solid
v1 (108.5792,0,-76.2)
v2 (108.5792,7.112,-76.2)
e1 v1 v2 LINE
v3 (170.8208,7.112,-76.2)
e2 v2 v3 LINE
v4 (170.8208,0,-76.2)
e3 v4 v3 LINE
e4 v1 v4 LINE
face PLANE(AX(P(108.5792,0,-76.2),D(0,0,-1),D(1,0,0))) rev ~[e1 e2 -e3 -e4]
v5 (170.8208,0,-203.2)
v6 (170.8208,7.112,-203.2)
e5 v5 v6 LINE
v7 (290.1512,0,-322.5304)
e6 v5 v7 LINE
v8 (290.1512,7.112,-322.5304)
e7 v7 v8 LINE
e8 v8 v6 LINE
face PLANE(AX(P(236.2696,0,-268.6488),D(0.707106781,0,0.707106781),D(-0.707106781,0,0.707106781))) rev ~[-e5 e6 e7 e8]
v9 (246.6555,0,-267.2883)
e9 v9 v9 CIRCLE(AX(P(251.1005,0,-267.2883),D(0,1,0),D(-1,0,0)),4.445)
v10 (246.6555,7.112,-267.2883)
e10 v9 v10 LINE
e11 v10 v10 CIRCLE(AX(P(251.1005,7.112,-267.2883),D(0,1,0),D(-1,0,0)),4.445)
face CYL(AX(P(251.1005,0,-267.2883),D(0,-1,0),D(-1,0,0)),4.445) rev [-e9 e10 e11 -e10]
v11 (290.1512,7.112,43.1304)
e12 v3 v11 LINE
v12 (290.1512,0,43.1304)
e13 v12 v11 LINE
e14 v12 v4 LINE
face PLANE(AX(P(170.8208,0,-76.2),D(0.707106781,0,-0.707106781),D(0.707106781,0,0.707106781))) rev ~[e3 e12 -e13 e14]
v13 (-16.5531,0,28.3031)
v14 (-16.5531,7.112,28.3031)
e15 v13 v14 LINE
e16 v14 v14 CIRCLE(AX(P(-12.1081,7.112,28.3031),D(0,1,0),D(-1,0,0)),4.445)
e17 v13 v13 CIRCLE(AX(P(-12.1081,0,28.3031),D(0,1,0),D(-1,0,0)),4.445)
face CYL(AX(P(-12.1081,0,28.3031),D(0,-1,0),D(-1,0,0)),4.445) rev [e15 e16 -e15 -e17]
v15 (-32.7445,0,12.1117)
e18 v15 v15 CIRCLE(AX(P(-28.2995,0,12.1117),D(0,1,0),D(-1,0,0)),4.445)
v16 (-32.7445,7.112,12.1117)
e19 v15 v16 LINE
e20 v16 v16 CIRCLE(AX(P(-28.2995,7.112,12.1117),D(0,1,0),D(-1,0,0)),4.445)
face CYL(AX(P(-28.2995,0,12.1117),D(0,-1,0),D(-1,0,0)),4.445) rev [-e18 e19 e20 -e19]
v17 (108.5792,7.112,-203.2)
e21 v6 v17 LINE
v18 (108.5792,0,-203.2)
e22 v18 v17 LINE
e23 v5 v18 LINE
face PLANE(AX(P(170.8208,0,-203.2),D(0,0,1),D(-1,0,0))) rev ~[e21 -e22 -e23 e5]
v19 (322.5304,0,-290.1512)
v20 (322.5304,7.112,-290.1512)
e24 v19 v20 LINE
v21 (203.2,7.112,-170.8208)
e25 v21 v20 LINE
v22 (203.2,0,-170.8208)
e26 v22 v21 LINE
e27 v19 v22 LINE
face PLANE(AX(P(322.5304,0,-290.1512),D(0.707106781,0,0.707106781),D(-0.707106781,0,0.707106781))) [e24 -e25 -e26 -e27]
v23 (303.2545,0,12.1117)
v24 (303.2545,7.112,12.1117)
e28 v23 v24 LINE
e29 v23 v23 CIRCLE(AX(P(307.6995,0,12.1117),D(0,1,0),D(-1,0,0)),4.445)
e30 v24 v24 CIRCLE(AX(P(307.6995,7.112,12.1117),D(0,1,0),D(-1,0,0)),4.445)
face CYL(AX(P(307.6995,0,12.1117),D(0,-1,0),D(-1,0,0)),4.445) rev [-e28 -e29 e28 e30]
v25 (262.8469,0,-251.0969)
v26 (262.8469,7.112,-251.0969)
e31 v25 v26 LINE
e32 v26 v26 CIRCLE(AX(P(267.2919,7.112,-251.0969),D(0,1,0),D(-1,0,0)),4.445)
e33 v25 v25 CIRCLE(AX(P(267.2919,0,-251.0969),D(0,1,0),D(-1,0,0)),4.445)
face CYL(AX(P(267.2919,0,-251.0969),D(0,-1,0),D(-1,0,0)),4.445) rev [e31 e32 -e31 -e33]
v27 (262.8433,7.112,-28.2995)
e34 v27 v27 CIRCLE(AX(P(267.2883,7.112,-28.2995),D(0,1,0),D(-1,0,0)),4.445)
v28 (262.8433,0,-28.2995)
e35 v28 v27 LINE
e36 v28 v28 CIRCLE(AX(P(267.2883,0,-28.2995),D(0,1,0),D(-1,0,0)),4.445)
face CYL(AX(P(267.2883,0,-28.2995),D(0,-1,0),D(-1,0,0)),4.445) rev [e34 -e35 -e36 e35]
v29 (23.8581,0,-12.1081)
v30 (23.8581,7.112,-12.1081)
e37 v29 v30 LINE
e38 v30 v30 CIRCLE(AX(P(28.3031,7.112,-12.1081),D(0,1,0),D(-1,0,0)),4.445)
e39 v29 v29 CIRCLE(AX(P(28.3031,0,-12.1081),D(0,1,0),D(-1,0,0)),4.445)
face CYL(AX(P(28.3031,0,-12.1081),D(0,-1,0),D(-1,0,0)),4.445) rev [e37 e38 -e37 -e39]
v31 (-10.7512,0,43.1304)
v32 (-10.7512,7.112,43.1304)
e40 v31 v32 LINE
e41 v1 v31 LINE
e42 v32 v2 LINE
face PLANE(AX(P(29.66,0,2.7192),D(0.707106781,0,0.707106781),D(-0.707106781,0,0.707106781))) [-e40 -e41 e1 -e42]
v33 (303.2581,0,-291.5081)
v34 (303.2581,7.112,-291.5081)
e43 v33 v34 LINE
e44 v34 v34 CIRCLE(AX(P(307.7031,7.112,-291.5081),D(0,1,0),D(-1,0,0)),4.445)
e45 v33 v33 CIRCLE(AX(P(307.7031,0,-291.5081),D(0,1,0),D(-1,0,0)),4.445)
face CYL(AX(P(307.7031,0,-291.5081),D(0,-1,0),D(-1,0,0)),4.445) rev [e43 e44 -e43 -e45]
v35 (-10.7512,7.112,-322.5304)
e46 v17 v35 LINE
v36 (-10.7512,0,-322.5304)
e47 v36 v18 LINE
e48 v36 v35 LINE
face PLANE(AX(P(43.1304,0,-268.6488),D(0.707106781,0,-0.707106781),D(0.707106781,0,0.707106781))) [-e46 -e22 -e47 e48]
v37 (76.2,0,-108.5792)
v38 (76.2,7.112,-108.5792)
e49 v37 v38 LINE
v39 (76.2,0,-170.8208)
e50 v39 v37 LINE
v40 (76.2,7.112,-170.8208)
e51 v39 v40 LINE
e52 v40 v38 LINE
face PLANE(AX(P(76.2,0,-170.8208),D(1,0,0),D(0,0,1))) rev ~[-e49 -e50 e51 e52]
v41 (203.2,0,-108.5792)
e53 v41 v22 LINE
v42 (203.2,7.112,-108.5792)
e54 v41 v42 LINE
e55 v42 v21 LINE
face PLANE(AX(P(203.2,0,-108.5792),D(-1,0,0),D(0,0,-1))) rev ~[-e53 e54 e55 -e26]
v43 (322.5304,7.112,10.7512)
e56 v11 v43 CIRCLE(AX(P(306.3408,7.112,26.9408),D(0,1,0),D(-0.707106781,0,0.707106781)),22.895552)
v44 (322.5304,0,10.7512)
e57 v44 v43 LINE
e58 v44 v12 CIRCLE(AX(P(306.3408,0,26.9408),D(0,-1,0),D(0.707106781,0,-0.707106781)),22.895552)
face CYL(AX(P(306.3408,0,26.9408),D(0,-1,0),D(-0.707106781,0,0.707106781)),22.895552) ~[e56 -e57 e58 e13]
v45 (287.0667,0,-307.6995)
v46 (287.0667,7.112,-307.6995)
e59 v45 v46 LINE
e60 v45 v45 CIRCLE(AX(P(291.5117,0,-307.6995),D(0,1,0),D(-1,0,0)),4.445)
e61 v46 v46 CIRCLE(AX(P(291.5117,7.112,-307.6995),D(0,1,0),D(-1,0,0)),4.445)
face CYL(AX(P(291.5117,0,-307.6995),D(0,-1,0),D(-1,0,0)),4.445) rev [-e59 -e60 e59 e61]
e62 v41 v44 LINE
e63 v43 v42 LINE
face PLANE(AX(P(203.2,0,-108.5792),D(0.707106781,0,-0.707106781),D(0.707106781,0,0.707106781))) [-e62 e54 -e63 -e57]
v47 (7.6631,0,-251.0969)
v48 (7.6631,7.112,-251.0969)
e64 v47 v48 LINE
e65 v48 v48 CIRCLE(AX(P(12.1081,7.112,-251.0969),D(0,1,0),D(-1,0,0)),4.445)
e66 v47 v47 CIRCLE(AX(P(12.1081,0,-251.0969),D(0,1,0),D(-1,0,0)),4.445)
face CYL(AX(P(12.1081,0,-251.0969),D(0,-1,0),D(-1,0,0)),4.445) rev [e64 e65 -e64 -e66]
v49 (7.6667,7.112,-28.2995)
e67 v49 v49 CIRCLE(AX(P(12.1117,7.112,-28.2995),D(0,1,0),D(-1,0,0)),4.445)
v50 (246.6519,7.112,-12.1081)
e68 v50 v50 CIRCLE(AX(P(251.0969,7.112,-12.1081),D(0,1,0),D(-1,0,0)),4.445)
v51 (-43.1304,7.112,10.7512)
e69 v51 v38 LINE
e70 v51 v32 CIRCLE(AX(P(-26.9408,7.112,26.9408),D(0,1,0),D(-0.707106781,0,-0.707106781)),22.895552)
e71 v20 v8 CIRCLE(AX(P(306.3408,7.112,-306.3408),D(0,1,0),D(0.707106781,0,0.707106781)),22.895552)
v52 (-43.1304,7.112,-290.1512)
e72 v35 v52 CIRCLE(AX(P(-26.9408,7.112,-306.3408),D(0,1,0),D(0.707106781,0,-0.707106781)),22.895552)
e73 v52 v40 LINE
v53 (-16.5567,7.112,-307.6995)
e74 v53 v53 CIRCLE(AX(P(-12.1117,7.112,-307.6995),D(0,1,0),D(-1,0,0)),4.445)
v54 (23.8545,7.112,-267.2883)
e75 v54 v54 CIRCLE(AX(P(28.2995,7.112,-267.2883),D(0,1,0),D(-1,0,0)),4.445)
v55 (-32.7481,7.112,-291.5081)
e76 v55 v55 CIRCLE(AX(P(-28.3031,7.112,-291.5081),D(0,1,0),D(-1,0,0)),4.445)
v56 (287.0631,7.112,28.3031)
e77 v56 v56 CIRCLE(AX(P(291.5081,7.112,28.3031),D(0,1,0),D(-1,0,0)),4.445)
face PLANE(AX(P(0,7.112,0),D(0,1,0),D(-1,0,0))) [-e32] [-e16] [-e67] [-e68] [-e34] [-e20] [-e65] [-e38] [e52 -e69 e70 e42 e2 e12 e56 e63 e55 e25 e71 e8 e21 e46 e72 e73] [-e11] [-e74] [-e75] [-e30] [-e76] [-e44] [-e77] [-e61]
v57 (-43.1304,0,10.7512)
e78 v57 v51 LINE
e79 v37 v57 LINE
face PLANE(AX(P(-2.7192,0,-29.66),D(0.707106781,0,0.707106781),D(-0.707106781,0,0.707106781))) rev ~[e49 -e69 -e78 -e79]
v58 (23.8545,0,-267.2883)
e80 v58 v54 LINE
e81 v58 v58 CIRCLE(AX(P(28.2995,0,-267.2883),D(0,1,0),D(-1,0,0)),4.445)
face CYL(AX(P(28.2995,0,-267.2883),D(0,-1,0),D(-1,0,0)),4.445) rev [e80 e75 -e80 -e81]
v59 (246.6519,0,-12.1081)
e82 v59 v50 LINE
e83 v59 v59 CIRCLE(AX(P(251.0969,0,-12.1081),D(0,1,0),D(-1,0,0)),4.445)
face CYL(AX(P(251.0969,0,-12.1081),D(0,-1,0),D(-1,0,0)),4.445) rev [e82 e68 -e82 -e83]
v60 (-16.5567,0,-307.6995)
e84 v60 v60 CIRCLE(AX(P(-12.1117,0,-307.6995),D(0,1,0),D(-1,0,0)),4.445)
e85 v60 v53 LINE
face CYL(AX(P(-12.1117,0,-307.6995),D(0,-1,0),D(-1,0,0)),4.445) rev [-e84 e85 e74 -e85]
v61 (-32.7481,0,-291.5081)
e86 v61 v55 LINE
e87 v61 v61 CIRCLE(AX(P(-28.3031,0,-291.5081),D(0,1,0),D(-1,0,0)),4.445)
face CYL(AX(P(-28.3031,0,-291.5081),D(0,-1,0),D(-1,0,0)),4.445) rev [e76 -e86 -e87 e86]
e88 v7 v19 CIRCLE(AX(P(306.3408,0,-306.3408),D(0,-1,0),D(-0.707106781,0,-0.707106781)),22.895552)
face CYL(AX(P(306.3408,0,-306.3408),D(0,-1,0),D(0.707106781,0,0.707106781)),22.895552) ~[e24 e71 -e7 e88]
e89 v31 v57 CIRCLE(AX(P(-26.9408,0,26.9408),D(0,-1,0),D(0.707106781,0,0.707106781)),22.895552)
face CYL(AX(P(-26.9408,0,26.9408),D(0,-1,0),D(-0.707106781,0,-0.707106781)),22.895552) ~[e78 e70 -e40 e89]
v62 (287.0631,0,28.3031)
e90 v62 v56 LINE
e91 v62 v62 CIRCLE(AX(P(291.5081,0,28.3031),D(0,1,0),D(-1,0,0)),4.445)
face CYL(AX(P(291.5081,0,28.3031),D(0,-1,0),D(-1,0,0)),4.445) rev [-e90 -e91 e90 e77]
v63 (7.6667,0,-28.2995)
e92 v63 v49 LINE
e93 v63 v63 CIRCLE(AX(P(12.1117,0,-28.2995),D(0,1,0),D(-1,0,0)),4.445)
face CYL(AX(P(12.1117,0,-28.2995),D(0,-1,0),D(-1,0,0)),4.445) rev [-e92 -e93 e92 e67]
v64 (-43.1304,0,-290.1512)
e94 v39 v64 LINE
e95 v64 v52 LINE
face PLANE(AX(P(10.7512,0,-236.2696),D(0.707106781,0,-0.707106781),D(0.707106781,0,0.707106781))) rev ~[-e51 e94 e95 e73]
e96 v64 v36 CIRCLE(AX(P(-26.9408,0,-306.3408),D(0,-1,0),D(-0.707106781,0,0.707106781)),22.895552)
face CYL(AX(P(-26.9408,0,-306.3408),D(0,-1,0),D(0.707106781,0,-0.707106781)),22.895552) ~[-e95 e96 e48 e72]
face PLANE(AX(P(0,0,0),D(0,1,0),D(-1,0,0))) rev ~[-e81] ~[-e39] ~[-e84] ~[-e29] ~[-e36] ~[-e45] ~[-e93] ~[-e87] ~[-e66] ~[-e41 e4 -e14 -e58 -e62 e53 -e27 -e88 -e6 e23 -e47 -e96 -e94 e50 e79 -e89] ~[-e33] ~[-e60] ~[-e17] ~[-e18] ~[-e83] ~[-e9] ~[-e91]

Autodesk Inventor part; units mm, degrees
ref_plane "YZ Plane" through (0, 0, 0) normal (1, 0, 0) x (0, 1, 0)
ref_plane "XZ Plane" through (0, 0, 0) normal (0, 1, 0) x (-1, 0, 0)
ref_plane "XY Plane" through (0, 0, 0) normal (0, 0, 1) x (1, 0, 0)
sketch "Sketch1" plane through (0, 0, 0) normal (0, 1, 0) x (-1, 0, 0)
  line L0 (-16.1896, 16.1896) -> (10.7512, 43.1304)
  line L1 (-295.5896, -16.1896) -> (-322.5304, 10.7512)
  line L2 (16.1896, -263.2104) -> (43.1304, -290.1512)
  line L3 (-43.1304, -268.6488) -> (10.7512, -322.5304)
  line L4 (-10.7512, -236.2696) -> (16.1896, -263.2104)
  line L5 (-295.5896, -263.2104) -> (-268.6488, -236.2696)
  line L6 (-290.1512, -322.5304) -> (-236.2696, -268.6488)
  line L7 (-322.5304, -290.1512) -> (-295.5896, -263.2104)
  arc A0 (-290.1512, 43.1304) -> (-322.5304, 10.7512) centre (-306.3408, 26.9408) ccw
  arc A1 (-322.5304, -290.1512) -> (-290.1512, -322.5304) centre (-306.3408, -306.3408) ccw
  arc A2 (10.7512, -322.5304) -> (43.1304, -290.1512) centre (26.9408, -306.3408) ccw
  arc A3 (43.1304, 10.7512) -> (10.7512, 43.1304) centre (26.9408, 26.9408) ccw
  line L8 (-329.2363, 49.8363) -> (49.8363, 49.8363)
  line L9 (49.8363, -329.2363) -> (49.8363, 49.8363)
  line L10 (49.8363, -329.2363) -> (-329.2363, -329.2363)
  line L11 (-329.2363, 49.8363) -> (-329.2363, -329.2363)
  line L12 (-10.7512, -236.2696) -> (-76.2, -170.8208)
  line L13 (-170.8208, -76.2) -> (-290.1512, 43.1304)
  line L14 (-43.1304, -268.6488) -> (-108.5792, -203.2)
  line L15 (-203.2, -108.5792) -> (-295.5896, -16.1896)
  line L16 (-236.2696, -268.6488) -> (-170.8208, -203.2)
  line L17 (-76.2, -108.5792) -> (43.1304, 10.7512)
  line L18 (-268.6488, -236.2696) -> (-203.2, -170.8208)
  line L19 (-108.5792, -76.2) -> (-16.1896, 16.1896)
  line L20 (-108.5792, -76.2) -> (-170.8208, -76.2)
  line L21 (-203.2, -108.5792) -> (-203.2, -170.8208)
  line L22 (-170.8208, -203.2) -> (-108.5792, -203.2)
  line L23 (-76.2, -170.8208) -> (-76.2, -108.5792)
  circle A4 centre (2254.858, -433.3281) radius 4.2386
  circle A5 centre (2254.858, -433.3281) radius 14.0056
  line L24 (2254.858, -433.3281) -> (2238.6684, -449.5177)
  line L25 (2254.858, -433.3281) -> (2271.0476, -417.1385)
  line L26 (2238.6684, -449.5177) -> (2211.7277, -422.5769)
  line L27 (2271.0476, -417.1385) -> (2297.9884, -444.0792)
  line L28 (2211.7277, -422.5769) -> (2265.6092, -476.4584)
  line L29 (2265.6092, -476.4584) -> (2297.9884, -444.0792)
  line L30 (2297.9884, -444.0792) -> (2244.1069, -390.1977)
  line L31 (2244.1069, -390.1977) -> (2211.7277, -422.5769)
  line L32 (-29.66, -282.1192) -> (-43.1304, -268.6488)
  line L33 (-43.1304, -268.6488) -> (-29.66, -282.1192)
  line L34 (2.7192, -249.74) -> (-10.7512, -236.2696)
  line L35 (-10.7512, -236.2696) -> (-43.1304, -268.6488)
  line L36 (-43.1304, -268.6488) -> (-29.66, -282.1192)
  line L37 (-29.66, -282.1192) -> (2.7192, -249.74)
  line L38 (-43.1304, -268.6488) -> (-36.3952, -275.384)
  circle A6 centre (-28.2995, -267.2883) radius 4.445
  circle A7 centre (-12.1081, -251.0969) radius 4.445
  line L39 (10.7512, -322.5304) -> (43.1304, -290.1512)
  circle A8 centre (28.3031, -291.5081) radius 4.445
  line L40 (43.1304, -290.1512) -> (29.66, -276.6808)
  line L41 (29.66, -276.6808) -> (-2.7192, -309.06)
  line L42 (29.66, -276.6808) -> (-2.7192, -309.06)
  circle A9 centre (12.1117, -307.6995) radius 4.445
  line L43 (10.7512, -322.5304) -> (-2.7192, -309.06)
  line L44 (-2.7192, -309.06) -> (10.7512, -322.5304)
  line L45 (-2.7192, -309.06) -> (4.016, -315.7952)
  line L46 (-2.7192, -309.06) -> (10.7512, -322.5304)
  line L47 (-76.2, -170.8208) -> (-114.6919, -170.8208)
  circle A10 centre (-279.4, 0) radius 4.2386
  circle A11 centre (-279.4, 0) radius 14.0056
  line L48 (-322.5304, 10.7512) -> (-268.6488, -43.1304)
  line L49 (-236.2696, -10.7512) -> (-290.1512, 43.1304)
  line L50 (-268.6488, -43.1304) -> (-236.2696, -10.7512)
  line L51 (-263.2104, 16.1896) -> (-236.2696, -10.7512)
  line L52 (-279.4, 0) -> (-295.5896, -16.1896)
  line L53 (-279.4, 0) -> (-263.2104, 16.1896)
  circle A12 centre (-291.5081, 28.3031) radius 4.445
  line L54 (-309.06, -2.7192) -> (-276.6808, 29.66)
  line L55 (-276.6808, 29.66) -> (-290.1512, 43.1304)
  line L56 (-290.1512, 43.1304) -> (-322.5304, 10.7512)
  line L57 (-290.1512, 43.1304) -> (-322.5304, 10.7512)
  circle A13 centre (-307.6995, 12.1117) radius 4.445
  line L58 (-295.5896, -16.1896) -> (-322.5304, 10.7512)
  line L59 (-309.06, -2.7192) -> (-322.5304, 10.7512)
  line L60 (-322.5304, 10.7512) -> (-309.06, -2.7192)
  line L61 (-322.5304, 10.7512) -> (-309.06, -2.7192)
  line L62 (-322.5304, 10.7512) -> (-315.7952, 4.016)
  circle A14 centre (-251.0969, -12.1081) radius 4.445
  line L63 (-249.74, 2.7192) -> (-282.1192, -29.66)
  line L64 (-249.74, 2.7192) -> (-282.1192, -29.66)
  line L65 (-282.1192, -29.66) -> (-275.384, -36.3952)
  circle A15 centre (-267.2883, -28.2995) radius 4.445
  line L66 (-268.6488, -43.1304) -> (-236.2696, -10.7512)
  line L67 (-268.6488, -43.1304) -> (-282.1192, -29.66)
  line L68 (-282.1192, -29.66) -> (-268.6488, -43.1304)
  line L69 (-282.1192, -29.66) -> (-268.6488, -43.1304)
  line L70 (-236.2696, -10.7512) -> (-249.74, 2.7192)
  circle A16 centre (0, 0) radius 4.2386
  circle A17 centre (0, 0) radius 14.0056
  line L71 (-10.7512, -43.1304) -> (43.1304, 10.7512)
  line L72 (10.7512, 43.1304) -> (-43.1304, -10.7512)
  line L73 (43.1304, 10.7512) -> (10.7512, 43.1304)
  line L74 (-16.1896, 16.1896) -> (10.7512, 43.1304)
  line L75 (0, 0) -> (16.1896, -16.1896)
  line L76 (0, 0) -> (-16.1896, 16.1896)
  circle A18 centre (-28.3031, -12.1081) radius 4.445
  line L77 (2.7192, -29.66) -> (-29.66, 2.7192)
  line L78 (-29.66, 2.7192) -> (-43.1304, -10.7512)
  line L79 (-43.1304, -10.7512) -> (-10.7512, -43.1304)
  line L80 (-43.1304, -10.7512) -> (-10.7512, -43.1304)
  circle A19 centre (-12.1117, -28.2995) radius 4.445
  line L81 (16.1896, -16.1896) -> (-10.7512, -43.1304)
  line L82 (2.7192, -29.66) -> (-10.7512, -43.1304)
  line L83 (-10.7512, -43.1304) -> (2.7192, -29.66)
  line L84 (-10.7512, -43.1304) -> (2.7192, -29.66)
  line L85 (-10.7512, -43.1304) -> (-4.016, -36.3952)
  circle A20 centre (12.1081, 28.3031) radius 4.445
  line L86 (-2.7192, 29.66) -> (29.66, -2.7192)
  line L87 (-2.7192, 29.66) -> (29.66, -2.7192)
  line L88 (29.66, -2.7192) -> (36.3952, 4.016)
  circle A21 centre (28.2995, 12.1117) radius 4.445
  line L89 (43.1304, 10.7512) -> (10.7512, 43.1304)
  line L90 (43.1304, 10.7512) -> (29.66, -2.7192)
  line L91 (29.66, -2.7192) -> (43.1304, 10.7512)
  line L92 (29.66, -2.7192) -> (43.1304, 10.7512)
  line L93 (10.7512, 43.1304) -> (-2.7192, 29.66)
  circle A22 centre (-291.5117, -307.6995) radius 4.445
  circle A23 centre (-307.7031, -291.5081) radius 4.445
  line L94 (-309.06, -276.6808) -> (-322.5304, -290.1512)
  line L95 (-276.6808, -309.06) -> (-290.1512, -322.5304)
  line L96 (-290.1512, -322.5304) -> (-276.6808, -309.06)
  line L97 (-290.1512, -322.5304) -> (-276.6808, -309.06)
  line L98 (-263.2104, -295.5896) -> (-290.1512, -322.5304)
  line L99 (-268.6488, -236.2696) -> (-322.5304, -290.1512)
  line L100 (-290.1512, -322.5304) -> (-236.2696, -268.6488)
  line L101 (-290.1512, -322.5304) -> (-283.416, -315.7952)
  line L102 (-268.6488, -236.2696) -> (-282.1192, -249.74)
  circle A24 centre (-267.2919, -251.0969) radius 4.445
  line L103 (-295.5896, -263.2104) -> (-268.6488, -236.2696)
  circle A25 centre (-251.1005, -267.2883) radius 4.445
  line L104 (-249.74, -282.1192) -> (-243.0048, -275.384)
  line L105 (-249.74, -282.1192) -> (-236.2696, -268.6488)
  line L106 (-249.74, -282.1192) -> (-236.2696, -268.6488)
  line L107 (-236.2696, -268.6488) -> (-249.74, -282.1192)
  line L108 (-290.1512, -322.5304) -> (-322.5304, -290.1512)
  point P0 (-279.4, 0)
  point P1 (-279.4, -279.4)
  dimension "d68" = 379.0727
  dimension "d69" = 379.0727
  dimension "d70" = 379.0727
  dimension "d77" = 45.7911
  dimension "d78" = 8.4772
  dimension "d79" = 28.0111
  dimension "d80" = 22.8956
  dimension "d81" = 22.8956
  dimension "d82" = 38.1
  dimension "d83" = 38.1
  dimension "d84" = 45.7962
  dimension "d85" = 76.2
  dimension "d86" = 45.7911
  dimension "d87" = 19.05
  dimension "d88" = 19.05
  dimension "d89" = 9.525
  dimension "d90" = 8.89
  dimension "d91" = 45.7911
  dimension "d92" = 45.7911
  dimension "d93" = 19.05
  dimension "d94" = 19.05
  dimension "d95" = 9.525
  dimension "d96" = 8.89
  dimension "d97" = 135
  dimension "d98" = 8.4772
  dimension "d99" = 28.0111
  dimension "d100" = 22.8956
  dimension "d101" = 22.8956
  dimension "d102" = 38.1
  dimension "d103" = 38.1
  dimension "d104" = 45.7911
  dimension "d105" = 76.2
  dimension "d106" = 45.7911
  dimension "d107" = 19.05
  dimension "d108" = 19.05
  dimension "d109" = 9.525
  dimension "d110" = 8.89
  dimension "d111" = 45.7911
  dimension "d112" = 45.7911
  dimension "d113" = 19.05
  dimension "d114" = 19.05
  dimension "d115" = 9.525
  dimension "d116" = 8.89
  dimension "d117" = 8.4772
  dimension "d118" = 28.0111
  dimension "d119" = 22.8956
  dimension "d120" = 22.8956
  dimension "d121" = 38.1
  dimension "d122" = 38.1
  dimension "d123" = 45.7962
  dimension "d124" = 76.2
  dimension "d125" = 45.7911
  dimension "d126" = 19.05
  dimension "d127" = 19.05
  dimension "d128" = 9.525
  dimension "d129" = 8.89
  dimension "d130" = 45.7911
  dimension "d131" = 45.7911
  dimension "d132" = 19.05
  dimension "d133" = 19.05
  dimension "d134" = 9.525
  dimension "d135" = 8.89
  dimension "d140" = 38.1
  dimension "d141" = 38.1
extrude "Extrusion2" add sketch "Sketch1" along normal blind 7.112 contours L76 A17 L75 L17 L77 L19 | L0 L86 L17 L75 A17 L76 | L0 L73 L17 L86 | L77 L17 L79 L19 | L76 A16 L75 A17 | A17 L75 A16 L76 | A3 L73 | L79 L17 L23 L12 L35 L14 L22 L16 L6 L108 L7 L5 L18 L21 L15 L50 L13 L20 L19 | L76 L75 A16 | A16 L75 L76 | A0 L56 | A2 L39 | L13 L54 L1 L56 | L50 L15 L63 L13 | L39 L3 L41 L2 | L13 L53 A11 L52 L1 L54 | A1 L108 | L63 L15 L52 A11 L53 L13 | L4 L37 L3 L35 | L41 L3 L37 L4 L2 | L53 A10 L52 A11 | A11 L52 A10 L53 | L53 L52 A10 | A10 L52 L53
properties part number "drone frame"
